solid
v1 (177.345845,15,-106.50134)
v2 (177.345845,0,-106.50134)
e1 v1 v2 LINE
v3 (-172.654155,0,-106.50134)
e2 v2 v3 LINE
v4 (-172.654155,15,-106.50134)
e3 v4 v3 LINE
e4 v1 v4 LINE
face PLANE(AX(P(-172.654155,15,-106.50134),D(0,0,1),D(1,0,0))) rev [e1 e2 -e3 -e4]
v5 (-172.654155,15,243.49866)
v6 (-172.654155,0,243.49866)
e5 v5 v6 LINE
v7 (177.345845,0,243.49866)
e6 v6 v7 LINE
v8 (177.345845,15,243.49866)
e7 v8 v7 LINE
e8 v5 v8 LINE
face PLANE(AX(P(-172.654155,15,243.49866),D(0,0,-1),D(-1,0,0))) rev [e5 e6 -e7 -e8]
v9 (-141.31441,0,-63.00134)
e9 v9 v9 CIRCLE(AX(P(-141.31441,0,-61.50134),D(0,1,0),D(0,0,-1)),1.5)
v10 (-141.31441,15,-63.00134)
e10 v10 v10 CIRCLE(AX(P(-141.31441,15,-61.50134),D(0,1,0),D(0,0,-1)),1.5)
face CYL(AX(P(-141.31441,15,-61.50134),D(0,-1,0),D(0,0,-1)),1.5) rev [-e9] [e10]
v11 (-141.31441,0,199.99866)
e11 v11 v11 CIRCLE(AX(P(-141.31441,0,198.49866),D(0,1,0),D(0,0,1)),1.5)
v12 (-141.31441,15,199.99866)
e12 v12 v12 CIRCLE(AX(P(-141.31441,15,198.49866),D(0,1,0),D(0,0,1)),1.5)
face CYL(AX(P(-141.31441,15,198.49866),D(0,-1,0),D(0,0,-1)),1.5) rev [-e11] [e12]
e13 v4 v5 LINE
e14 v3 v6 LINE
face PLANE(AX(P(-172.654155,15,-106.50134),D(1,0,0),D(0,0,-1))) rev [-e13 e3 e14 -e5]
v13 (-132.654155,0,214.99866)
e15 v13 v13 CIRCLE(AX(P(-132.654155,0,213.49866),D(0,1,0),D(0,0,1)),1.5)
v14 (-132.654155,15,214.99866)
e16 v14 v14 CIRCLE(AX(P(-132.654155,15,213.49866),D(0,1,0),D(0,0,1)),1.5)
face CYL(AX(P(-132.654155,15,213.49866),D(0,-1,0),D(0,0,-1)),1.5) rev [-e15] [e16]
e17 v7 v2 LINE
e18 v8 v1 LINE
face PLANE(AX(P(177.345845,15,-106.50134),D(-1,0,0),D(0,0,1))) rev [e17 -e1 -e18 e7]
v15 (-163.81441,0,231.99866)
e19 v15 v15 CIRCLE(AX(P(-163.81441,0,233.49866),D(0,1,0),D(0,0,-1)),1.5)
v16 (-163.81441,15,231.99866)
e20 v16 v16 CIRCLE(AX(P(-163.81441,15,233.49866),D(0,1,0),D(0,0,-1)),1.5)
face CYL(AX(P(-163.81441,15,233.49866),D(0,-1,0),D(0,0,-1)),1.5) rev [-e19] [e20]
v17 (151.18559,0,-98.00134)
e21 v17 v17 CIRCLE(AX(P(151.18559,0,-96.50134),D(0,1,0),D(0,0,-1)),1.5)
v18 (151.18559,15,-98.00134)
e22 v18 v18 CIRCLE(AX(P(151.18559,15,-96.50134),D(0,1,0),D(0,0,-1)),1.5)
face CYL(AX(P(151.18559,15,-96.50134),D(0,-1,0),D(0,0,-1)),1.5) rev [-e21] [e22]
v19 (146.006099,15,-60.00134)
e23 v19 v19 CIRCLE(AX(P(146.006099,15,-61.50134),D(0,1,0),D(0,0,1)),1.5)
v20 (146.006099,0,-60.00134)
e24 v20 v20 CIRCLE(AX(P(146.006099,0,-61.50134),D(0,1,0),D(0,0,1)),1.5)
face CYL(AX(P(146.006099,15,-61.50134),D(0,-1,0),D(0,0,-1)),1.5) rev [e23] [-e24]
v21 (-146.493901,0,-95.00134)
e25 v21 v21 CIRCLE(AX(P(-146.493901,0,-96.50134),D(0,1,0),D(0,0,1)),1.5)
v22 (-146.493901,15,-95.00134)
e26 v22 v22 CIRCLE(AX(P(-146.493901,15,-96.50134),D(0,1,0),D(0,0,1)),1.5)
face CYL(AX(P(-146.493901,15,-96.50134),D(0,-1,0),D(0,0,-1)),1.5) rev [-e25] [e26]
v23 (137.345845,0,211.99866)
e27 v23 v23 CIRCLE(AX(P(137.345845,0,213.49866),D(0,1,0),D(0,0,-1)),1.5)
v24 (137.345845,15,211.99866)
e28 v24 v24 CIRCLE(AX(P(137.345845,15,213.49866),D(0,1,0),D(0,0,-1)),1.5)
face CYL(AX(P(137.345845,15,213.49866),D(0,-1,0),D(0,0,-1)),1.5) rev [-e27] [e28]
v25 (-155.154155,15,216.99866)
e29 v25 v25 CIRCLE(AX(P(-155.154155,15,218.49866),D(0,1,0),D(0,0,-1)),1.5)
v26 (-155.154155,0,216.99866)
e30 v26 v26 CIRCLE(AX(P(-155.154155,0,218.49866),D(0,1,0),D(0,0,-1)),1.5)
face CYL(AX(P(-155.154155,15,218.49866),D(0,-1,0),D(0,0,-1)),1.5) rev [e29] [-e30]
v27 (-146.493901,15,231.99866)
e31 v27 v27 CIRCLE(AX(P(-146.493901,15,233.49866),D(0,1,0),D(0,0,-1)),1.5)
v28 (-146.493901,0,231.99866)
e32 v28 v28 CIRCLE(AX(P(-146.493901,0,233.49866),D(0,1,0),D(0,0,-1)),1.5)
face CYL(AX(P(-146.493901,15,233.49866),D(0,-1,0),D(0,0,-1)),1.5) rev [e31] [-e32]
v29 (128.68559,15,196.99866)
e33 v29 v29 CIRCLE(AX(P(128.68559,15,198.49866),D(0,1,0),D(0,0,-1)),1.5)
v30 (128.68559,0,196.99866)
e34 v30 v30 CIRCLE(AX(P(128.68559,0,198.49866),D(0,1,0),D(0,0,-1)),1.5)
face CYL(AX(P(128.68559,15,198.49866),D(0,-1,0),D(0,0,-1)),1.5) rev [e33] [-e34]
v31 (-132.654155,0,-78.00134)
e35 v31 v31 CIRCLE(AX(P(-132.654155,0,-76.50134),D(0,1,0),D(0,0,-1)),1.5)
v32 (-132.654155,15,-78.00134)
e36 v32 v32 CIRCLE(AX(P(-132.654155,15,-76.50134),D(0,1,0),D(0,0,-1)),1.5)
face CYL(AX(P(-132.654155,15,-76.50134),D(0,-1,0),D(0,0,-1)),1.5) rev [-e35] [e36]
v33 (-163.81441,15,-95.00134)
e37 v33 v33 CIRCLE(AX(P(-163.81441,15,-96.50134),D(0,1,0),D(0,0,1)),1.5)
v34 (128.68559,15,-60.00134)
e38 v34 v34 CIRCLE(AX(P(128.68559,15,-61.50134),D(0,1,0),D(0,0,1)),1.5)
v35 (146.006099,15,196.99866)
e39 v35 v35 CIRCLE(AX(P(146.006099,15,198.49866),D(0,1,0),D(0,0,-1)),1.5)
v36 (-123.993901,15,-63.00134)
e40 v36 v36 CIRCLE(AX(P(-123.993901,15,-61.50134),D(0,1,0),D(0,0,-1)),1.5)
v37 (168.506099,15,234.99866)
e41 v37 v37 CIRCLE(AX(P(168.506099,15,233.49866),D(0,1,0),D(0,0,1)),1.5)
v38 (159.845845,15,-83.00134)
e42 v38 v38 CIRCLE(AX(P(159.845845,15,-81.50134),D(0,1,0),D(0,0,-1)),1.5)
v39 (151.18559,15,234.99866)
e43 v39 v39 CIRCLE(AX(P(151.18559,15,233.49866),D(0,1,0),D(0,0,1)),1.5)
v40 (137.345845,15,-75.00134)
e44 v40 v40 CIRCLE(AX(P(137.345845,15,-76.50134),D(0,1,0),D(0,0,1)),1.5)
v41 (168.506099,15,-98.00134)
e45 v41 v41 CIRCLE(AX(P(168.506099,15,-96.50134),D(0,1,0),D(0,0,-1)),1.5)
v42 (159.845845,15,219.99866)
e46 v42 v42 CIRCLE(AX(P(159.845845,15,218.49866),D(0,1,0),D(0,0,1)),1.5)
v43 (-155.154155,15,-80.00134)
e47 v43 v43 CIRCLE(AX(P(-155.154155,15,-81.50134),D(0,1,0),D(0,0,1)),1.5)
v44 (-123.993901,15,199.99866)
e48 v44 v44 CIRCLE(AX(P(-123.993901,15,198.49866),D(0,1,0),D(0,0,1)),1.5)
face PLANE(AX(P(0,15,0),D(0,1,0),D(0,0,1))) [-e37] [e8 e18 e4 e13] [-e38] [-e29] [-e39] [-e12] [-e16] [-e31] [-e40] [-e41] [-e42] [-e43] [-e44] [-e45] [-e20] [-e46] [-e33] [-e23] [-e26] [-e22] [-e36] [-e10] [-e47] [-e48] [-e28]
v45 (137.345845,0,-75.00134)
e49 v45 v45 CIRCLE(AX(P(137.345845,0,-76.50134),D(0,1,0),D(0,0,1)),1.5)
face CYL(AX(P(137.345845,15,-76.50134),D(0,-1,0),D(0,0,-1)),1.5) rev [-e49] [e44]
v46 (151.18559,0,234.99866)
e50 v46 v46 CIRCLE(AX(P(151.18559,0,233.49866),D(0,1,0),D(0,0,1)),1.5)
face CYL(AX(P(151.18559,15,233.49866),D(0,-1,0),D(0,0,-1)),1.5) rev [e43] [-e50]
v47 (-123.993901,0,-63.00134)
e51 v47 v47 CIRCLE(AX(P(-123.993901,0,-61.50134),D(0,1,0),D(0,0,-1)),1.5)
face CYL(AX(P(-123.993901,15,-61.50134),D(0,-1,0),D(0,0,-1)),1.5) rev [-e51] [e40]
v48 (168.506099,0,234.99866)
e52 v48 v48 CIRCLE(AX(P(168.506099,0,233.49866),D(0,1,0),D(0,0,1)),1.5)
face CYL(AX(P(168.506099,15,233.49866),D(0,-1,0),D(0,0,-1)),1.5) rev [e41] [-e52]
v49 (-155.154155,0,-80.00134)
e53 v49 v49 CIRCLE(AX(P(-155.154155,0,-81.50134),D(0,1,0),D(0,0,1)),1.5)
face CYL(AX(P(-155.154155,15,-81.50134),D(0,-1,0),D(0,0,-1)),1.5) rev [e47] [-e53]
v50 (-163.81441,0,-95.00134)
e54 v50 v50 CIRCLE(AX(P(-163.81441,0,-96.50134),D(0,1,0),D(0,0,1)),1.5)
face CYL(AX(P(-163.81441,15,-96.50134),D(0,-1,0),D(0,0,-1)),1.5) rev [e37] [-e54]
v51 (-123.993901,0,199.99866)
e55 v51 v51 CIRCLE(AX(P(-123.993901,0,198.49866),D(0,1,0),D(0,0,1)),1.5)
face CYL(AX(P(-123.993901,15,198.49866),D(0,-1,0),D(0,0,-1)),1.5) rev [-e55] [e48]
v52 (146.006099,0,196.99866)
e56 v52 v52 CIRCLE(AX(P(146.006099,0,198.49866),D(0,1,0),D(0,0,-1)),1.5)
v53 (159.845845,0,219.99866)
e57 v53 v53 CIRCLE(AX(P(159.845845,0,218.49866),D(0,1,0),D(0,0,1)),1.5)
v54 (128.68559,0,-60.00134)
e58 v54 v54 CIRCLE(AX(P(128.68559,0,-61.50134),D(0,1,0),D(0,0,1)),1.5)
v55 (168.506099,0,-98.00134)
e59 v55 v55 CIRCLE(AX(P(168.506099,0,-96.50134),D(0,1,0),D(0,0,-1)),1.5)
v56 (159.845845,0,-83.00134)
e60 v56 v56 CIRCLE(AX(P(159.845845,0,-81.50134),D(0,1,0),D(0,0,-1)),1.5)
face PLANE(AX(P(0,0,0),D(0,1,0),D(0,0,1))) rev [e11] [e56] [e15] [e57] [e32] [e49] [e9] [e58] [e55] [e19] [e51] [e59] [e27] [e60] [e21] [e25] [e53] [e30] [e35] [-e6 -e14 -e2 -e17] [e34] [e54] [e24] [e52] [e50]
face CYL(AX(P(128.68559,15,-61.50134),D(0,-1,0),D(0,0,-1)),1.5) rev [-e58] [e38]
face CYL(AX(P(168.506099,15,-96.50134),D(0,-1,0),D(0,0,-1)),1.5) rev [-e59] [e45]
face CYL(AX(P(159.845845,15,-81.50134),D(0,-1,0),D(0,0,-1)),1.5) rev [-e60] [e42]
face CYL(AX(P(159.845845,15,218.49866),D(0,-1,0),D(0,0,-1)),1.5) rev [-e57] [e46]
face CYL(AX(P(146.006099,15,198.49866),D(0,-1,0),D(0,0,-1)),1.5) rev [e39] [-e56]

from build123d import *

# Parameters (mm, degrees)
SKETCH2_W           = 350
SKETCH2_H           = 350
SKETCH2_R           = 1.5
BOSS_EXTRUDE1_DEPTH = 15


with BuildPart() as part:
    # Sketch2 → Boss-Extrude1 (new body)
    with BuildSketch(Plane(origin=(0, 0, 0), x_dir=(1, 0, 0), z_dir=(0, 1, 0))):
        with Locations((2.345844504, -68.498659517)):
            Rectangle(SKETCH2_W, SKETCH2_H)
        with Locations((159.845844504, -218.498659517)):
            Circle(SKETCH2_R, mode=Mode.SUBTRACT)
        with Locations((168.506098542, -233.498659517)):
            Circle(SKETCH2_R, mode=Mode.SUBTRACT)
        with Locations((151.185590466, -233.498659517)):
            Circle(SKETCH2_R, mode=Mode.SUBTRACT)
        with Locations((168.506098542, 96.501340483)):
            Circle(SKETCH2_R, mode=Mode.SUBTRACT)
        with Locations((159.845844504, 81.501340483)):
            Circle(SKETCH2_R, mode=Mode.SUBTRACT)
        with Locations((151.185590466, 96.501340483)):
            Circle(SKETCH2_R, mode=Mode.SUBTRACT)
        with Locations((-163.814409534, 96.501340483)):
            Circle(SKETCH2_R, mode=Mode.SUBTRACT)
        with Locations((-146.493901458, 96.501340483)):
            Circle(SKETCH2_R, mode=Mode.SUBTRACT)
        with Locations((-155.154155496, 81.501340483)):
            Circle(SKETCH2_R, mode=Mode.SUBTRACT)
        with Locations((-155.154155496, -218.498659517)):
            Circle(SKETCH2_R, mode=Mode.SUBTRACT)
        with Locations((-146.493901458, -233.498659517)):
            Circle(SKETCH2_R, mode=Mode.SUBTRACT)
        with Locations((-163.814409534, -233.498659517)):
            Circle(SKETCH2_R, mode=Mode.SUBTRACT)
        with Locations((137.345844504, 76.501340483)):
            Circle(SKETCH2_R, mode=Mode.SUBTRACT)
        with Locations((146.006098542, 61.501340483)):
            Circle(SKETCH2_R, mode=Mode.SUBTRACT)
        with Locations((128.685590466, 61.501340483)):
            Circle(SKETCH2_R, mode=Mode.SUBTRACT)
        with Locations((-123.993901458, 61.501340483)):
            Circle(SKETCH2_R, mode=Mode.SUBTRACT)
        with Locations((-141.314409534, 61.501340483)):
            Circle(SKETCH2_R, mode=Mode.SUBTRACT)
        with Locations((-132.654155496, 76.501340483)):
            Circle(SKETCH2_R, mode=Mode.SUBTRACT)
        with Locations((-141.314409534, -198.498659517)):
            Circle(SKETCH2_R, mode=Mode.SUBTRACT)
        with Locations((-123.993901458, -198.498659517)):
            Circle(SKETCH2_R, mode=Mode.SUBTRACT)
        with Locations((-132.654155496, -213.498659517)):
            Circle(SKETCH2_R, mode=Mode.SUBTRACT)
        with Locations((128.685590466, -198.498659517)):
            Circle(SKETCH2_R, mode=Mode.SUBTRACT)
        with Locations((146.006098542, -198.498659517)):
            Circle(SKETCH2_R, mode=Mode.SUBTRACT)
        with Locations((137.345844504, -213.498659517)):
            Circle(SKETCH2_R, mode=Mode.SUBTRACT)
    extrude(amount=BOSS_EXTRUDE1_DEPTH)


solid = part.part
